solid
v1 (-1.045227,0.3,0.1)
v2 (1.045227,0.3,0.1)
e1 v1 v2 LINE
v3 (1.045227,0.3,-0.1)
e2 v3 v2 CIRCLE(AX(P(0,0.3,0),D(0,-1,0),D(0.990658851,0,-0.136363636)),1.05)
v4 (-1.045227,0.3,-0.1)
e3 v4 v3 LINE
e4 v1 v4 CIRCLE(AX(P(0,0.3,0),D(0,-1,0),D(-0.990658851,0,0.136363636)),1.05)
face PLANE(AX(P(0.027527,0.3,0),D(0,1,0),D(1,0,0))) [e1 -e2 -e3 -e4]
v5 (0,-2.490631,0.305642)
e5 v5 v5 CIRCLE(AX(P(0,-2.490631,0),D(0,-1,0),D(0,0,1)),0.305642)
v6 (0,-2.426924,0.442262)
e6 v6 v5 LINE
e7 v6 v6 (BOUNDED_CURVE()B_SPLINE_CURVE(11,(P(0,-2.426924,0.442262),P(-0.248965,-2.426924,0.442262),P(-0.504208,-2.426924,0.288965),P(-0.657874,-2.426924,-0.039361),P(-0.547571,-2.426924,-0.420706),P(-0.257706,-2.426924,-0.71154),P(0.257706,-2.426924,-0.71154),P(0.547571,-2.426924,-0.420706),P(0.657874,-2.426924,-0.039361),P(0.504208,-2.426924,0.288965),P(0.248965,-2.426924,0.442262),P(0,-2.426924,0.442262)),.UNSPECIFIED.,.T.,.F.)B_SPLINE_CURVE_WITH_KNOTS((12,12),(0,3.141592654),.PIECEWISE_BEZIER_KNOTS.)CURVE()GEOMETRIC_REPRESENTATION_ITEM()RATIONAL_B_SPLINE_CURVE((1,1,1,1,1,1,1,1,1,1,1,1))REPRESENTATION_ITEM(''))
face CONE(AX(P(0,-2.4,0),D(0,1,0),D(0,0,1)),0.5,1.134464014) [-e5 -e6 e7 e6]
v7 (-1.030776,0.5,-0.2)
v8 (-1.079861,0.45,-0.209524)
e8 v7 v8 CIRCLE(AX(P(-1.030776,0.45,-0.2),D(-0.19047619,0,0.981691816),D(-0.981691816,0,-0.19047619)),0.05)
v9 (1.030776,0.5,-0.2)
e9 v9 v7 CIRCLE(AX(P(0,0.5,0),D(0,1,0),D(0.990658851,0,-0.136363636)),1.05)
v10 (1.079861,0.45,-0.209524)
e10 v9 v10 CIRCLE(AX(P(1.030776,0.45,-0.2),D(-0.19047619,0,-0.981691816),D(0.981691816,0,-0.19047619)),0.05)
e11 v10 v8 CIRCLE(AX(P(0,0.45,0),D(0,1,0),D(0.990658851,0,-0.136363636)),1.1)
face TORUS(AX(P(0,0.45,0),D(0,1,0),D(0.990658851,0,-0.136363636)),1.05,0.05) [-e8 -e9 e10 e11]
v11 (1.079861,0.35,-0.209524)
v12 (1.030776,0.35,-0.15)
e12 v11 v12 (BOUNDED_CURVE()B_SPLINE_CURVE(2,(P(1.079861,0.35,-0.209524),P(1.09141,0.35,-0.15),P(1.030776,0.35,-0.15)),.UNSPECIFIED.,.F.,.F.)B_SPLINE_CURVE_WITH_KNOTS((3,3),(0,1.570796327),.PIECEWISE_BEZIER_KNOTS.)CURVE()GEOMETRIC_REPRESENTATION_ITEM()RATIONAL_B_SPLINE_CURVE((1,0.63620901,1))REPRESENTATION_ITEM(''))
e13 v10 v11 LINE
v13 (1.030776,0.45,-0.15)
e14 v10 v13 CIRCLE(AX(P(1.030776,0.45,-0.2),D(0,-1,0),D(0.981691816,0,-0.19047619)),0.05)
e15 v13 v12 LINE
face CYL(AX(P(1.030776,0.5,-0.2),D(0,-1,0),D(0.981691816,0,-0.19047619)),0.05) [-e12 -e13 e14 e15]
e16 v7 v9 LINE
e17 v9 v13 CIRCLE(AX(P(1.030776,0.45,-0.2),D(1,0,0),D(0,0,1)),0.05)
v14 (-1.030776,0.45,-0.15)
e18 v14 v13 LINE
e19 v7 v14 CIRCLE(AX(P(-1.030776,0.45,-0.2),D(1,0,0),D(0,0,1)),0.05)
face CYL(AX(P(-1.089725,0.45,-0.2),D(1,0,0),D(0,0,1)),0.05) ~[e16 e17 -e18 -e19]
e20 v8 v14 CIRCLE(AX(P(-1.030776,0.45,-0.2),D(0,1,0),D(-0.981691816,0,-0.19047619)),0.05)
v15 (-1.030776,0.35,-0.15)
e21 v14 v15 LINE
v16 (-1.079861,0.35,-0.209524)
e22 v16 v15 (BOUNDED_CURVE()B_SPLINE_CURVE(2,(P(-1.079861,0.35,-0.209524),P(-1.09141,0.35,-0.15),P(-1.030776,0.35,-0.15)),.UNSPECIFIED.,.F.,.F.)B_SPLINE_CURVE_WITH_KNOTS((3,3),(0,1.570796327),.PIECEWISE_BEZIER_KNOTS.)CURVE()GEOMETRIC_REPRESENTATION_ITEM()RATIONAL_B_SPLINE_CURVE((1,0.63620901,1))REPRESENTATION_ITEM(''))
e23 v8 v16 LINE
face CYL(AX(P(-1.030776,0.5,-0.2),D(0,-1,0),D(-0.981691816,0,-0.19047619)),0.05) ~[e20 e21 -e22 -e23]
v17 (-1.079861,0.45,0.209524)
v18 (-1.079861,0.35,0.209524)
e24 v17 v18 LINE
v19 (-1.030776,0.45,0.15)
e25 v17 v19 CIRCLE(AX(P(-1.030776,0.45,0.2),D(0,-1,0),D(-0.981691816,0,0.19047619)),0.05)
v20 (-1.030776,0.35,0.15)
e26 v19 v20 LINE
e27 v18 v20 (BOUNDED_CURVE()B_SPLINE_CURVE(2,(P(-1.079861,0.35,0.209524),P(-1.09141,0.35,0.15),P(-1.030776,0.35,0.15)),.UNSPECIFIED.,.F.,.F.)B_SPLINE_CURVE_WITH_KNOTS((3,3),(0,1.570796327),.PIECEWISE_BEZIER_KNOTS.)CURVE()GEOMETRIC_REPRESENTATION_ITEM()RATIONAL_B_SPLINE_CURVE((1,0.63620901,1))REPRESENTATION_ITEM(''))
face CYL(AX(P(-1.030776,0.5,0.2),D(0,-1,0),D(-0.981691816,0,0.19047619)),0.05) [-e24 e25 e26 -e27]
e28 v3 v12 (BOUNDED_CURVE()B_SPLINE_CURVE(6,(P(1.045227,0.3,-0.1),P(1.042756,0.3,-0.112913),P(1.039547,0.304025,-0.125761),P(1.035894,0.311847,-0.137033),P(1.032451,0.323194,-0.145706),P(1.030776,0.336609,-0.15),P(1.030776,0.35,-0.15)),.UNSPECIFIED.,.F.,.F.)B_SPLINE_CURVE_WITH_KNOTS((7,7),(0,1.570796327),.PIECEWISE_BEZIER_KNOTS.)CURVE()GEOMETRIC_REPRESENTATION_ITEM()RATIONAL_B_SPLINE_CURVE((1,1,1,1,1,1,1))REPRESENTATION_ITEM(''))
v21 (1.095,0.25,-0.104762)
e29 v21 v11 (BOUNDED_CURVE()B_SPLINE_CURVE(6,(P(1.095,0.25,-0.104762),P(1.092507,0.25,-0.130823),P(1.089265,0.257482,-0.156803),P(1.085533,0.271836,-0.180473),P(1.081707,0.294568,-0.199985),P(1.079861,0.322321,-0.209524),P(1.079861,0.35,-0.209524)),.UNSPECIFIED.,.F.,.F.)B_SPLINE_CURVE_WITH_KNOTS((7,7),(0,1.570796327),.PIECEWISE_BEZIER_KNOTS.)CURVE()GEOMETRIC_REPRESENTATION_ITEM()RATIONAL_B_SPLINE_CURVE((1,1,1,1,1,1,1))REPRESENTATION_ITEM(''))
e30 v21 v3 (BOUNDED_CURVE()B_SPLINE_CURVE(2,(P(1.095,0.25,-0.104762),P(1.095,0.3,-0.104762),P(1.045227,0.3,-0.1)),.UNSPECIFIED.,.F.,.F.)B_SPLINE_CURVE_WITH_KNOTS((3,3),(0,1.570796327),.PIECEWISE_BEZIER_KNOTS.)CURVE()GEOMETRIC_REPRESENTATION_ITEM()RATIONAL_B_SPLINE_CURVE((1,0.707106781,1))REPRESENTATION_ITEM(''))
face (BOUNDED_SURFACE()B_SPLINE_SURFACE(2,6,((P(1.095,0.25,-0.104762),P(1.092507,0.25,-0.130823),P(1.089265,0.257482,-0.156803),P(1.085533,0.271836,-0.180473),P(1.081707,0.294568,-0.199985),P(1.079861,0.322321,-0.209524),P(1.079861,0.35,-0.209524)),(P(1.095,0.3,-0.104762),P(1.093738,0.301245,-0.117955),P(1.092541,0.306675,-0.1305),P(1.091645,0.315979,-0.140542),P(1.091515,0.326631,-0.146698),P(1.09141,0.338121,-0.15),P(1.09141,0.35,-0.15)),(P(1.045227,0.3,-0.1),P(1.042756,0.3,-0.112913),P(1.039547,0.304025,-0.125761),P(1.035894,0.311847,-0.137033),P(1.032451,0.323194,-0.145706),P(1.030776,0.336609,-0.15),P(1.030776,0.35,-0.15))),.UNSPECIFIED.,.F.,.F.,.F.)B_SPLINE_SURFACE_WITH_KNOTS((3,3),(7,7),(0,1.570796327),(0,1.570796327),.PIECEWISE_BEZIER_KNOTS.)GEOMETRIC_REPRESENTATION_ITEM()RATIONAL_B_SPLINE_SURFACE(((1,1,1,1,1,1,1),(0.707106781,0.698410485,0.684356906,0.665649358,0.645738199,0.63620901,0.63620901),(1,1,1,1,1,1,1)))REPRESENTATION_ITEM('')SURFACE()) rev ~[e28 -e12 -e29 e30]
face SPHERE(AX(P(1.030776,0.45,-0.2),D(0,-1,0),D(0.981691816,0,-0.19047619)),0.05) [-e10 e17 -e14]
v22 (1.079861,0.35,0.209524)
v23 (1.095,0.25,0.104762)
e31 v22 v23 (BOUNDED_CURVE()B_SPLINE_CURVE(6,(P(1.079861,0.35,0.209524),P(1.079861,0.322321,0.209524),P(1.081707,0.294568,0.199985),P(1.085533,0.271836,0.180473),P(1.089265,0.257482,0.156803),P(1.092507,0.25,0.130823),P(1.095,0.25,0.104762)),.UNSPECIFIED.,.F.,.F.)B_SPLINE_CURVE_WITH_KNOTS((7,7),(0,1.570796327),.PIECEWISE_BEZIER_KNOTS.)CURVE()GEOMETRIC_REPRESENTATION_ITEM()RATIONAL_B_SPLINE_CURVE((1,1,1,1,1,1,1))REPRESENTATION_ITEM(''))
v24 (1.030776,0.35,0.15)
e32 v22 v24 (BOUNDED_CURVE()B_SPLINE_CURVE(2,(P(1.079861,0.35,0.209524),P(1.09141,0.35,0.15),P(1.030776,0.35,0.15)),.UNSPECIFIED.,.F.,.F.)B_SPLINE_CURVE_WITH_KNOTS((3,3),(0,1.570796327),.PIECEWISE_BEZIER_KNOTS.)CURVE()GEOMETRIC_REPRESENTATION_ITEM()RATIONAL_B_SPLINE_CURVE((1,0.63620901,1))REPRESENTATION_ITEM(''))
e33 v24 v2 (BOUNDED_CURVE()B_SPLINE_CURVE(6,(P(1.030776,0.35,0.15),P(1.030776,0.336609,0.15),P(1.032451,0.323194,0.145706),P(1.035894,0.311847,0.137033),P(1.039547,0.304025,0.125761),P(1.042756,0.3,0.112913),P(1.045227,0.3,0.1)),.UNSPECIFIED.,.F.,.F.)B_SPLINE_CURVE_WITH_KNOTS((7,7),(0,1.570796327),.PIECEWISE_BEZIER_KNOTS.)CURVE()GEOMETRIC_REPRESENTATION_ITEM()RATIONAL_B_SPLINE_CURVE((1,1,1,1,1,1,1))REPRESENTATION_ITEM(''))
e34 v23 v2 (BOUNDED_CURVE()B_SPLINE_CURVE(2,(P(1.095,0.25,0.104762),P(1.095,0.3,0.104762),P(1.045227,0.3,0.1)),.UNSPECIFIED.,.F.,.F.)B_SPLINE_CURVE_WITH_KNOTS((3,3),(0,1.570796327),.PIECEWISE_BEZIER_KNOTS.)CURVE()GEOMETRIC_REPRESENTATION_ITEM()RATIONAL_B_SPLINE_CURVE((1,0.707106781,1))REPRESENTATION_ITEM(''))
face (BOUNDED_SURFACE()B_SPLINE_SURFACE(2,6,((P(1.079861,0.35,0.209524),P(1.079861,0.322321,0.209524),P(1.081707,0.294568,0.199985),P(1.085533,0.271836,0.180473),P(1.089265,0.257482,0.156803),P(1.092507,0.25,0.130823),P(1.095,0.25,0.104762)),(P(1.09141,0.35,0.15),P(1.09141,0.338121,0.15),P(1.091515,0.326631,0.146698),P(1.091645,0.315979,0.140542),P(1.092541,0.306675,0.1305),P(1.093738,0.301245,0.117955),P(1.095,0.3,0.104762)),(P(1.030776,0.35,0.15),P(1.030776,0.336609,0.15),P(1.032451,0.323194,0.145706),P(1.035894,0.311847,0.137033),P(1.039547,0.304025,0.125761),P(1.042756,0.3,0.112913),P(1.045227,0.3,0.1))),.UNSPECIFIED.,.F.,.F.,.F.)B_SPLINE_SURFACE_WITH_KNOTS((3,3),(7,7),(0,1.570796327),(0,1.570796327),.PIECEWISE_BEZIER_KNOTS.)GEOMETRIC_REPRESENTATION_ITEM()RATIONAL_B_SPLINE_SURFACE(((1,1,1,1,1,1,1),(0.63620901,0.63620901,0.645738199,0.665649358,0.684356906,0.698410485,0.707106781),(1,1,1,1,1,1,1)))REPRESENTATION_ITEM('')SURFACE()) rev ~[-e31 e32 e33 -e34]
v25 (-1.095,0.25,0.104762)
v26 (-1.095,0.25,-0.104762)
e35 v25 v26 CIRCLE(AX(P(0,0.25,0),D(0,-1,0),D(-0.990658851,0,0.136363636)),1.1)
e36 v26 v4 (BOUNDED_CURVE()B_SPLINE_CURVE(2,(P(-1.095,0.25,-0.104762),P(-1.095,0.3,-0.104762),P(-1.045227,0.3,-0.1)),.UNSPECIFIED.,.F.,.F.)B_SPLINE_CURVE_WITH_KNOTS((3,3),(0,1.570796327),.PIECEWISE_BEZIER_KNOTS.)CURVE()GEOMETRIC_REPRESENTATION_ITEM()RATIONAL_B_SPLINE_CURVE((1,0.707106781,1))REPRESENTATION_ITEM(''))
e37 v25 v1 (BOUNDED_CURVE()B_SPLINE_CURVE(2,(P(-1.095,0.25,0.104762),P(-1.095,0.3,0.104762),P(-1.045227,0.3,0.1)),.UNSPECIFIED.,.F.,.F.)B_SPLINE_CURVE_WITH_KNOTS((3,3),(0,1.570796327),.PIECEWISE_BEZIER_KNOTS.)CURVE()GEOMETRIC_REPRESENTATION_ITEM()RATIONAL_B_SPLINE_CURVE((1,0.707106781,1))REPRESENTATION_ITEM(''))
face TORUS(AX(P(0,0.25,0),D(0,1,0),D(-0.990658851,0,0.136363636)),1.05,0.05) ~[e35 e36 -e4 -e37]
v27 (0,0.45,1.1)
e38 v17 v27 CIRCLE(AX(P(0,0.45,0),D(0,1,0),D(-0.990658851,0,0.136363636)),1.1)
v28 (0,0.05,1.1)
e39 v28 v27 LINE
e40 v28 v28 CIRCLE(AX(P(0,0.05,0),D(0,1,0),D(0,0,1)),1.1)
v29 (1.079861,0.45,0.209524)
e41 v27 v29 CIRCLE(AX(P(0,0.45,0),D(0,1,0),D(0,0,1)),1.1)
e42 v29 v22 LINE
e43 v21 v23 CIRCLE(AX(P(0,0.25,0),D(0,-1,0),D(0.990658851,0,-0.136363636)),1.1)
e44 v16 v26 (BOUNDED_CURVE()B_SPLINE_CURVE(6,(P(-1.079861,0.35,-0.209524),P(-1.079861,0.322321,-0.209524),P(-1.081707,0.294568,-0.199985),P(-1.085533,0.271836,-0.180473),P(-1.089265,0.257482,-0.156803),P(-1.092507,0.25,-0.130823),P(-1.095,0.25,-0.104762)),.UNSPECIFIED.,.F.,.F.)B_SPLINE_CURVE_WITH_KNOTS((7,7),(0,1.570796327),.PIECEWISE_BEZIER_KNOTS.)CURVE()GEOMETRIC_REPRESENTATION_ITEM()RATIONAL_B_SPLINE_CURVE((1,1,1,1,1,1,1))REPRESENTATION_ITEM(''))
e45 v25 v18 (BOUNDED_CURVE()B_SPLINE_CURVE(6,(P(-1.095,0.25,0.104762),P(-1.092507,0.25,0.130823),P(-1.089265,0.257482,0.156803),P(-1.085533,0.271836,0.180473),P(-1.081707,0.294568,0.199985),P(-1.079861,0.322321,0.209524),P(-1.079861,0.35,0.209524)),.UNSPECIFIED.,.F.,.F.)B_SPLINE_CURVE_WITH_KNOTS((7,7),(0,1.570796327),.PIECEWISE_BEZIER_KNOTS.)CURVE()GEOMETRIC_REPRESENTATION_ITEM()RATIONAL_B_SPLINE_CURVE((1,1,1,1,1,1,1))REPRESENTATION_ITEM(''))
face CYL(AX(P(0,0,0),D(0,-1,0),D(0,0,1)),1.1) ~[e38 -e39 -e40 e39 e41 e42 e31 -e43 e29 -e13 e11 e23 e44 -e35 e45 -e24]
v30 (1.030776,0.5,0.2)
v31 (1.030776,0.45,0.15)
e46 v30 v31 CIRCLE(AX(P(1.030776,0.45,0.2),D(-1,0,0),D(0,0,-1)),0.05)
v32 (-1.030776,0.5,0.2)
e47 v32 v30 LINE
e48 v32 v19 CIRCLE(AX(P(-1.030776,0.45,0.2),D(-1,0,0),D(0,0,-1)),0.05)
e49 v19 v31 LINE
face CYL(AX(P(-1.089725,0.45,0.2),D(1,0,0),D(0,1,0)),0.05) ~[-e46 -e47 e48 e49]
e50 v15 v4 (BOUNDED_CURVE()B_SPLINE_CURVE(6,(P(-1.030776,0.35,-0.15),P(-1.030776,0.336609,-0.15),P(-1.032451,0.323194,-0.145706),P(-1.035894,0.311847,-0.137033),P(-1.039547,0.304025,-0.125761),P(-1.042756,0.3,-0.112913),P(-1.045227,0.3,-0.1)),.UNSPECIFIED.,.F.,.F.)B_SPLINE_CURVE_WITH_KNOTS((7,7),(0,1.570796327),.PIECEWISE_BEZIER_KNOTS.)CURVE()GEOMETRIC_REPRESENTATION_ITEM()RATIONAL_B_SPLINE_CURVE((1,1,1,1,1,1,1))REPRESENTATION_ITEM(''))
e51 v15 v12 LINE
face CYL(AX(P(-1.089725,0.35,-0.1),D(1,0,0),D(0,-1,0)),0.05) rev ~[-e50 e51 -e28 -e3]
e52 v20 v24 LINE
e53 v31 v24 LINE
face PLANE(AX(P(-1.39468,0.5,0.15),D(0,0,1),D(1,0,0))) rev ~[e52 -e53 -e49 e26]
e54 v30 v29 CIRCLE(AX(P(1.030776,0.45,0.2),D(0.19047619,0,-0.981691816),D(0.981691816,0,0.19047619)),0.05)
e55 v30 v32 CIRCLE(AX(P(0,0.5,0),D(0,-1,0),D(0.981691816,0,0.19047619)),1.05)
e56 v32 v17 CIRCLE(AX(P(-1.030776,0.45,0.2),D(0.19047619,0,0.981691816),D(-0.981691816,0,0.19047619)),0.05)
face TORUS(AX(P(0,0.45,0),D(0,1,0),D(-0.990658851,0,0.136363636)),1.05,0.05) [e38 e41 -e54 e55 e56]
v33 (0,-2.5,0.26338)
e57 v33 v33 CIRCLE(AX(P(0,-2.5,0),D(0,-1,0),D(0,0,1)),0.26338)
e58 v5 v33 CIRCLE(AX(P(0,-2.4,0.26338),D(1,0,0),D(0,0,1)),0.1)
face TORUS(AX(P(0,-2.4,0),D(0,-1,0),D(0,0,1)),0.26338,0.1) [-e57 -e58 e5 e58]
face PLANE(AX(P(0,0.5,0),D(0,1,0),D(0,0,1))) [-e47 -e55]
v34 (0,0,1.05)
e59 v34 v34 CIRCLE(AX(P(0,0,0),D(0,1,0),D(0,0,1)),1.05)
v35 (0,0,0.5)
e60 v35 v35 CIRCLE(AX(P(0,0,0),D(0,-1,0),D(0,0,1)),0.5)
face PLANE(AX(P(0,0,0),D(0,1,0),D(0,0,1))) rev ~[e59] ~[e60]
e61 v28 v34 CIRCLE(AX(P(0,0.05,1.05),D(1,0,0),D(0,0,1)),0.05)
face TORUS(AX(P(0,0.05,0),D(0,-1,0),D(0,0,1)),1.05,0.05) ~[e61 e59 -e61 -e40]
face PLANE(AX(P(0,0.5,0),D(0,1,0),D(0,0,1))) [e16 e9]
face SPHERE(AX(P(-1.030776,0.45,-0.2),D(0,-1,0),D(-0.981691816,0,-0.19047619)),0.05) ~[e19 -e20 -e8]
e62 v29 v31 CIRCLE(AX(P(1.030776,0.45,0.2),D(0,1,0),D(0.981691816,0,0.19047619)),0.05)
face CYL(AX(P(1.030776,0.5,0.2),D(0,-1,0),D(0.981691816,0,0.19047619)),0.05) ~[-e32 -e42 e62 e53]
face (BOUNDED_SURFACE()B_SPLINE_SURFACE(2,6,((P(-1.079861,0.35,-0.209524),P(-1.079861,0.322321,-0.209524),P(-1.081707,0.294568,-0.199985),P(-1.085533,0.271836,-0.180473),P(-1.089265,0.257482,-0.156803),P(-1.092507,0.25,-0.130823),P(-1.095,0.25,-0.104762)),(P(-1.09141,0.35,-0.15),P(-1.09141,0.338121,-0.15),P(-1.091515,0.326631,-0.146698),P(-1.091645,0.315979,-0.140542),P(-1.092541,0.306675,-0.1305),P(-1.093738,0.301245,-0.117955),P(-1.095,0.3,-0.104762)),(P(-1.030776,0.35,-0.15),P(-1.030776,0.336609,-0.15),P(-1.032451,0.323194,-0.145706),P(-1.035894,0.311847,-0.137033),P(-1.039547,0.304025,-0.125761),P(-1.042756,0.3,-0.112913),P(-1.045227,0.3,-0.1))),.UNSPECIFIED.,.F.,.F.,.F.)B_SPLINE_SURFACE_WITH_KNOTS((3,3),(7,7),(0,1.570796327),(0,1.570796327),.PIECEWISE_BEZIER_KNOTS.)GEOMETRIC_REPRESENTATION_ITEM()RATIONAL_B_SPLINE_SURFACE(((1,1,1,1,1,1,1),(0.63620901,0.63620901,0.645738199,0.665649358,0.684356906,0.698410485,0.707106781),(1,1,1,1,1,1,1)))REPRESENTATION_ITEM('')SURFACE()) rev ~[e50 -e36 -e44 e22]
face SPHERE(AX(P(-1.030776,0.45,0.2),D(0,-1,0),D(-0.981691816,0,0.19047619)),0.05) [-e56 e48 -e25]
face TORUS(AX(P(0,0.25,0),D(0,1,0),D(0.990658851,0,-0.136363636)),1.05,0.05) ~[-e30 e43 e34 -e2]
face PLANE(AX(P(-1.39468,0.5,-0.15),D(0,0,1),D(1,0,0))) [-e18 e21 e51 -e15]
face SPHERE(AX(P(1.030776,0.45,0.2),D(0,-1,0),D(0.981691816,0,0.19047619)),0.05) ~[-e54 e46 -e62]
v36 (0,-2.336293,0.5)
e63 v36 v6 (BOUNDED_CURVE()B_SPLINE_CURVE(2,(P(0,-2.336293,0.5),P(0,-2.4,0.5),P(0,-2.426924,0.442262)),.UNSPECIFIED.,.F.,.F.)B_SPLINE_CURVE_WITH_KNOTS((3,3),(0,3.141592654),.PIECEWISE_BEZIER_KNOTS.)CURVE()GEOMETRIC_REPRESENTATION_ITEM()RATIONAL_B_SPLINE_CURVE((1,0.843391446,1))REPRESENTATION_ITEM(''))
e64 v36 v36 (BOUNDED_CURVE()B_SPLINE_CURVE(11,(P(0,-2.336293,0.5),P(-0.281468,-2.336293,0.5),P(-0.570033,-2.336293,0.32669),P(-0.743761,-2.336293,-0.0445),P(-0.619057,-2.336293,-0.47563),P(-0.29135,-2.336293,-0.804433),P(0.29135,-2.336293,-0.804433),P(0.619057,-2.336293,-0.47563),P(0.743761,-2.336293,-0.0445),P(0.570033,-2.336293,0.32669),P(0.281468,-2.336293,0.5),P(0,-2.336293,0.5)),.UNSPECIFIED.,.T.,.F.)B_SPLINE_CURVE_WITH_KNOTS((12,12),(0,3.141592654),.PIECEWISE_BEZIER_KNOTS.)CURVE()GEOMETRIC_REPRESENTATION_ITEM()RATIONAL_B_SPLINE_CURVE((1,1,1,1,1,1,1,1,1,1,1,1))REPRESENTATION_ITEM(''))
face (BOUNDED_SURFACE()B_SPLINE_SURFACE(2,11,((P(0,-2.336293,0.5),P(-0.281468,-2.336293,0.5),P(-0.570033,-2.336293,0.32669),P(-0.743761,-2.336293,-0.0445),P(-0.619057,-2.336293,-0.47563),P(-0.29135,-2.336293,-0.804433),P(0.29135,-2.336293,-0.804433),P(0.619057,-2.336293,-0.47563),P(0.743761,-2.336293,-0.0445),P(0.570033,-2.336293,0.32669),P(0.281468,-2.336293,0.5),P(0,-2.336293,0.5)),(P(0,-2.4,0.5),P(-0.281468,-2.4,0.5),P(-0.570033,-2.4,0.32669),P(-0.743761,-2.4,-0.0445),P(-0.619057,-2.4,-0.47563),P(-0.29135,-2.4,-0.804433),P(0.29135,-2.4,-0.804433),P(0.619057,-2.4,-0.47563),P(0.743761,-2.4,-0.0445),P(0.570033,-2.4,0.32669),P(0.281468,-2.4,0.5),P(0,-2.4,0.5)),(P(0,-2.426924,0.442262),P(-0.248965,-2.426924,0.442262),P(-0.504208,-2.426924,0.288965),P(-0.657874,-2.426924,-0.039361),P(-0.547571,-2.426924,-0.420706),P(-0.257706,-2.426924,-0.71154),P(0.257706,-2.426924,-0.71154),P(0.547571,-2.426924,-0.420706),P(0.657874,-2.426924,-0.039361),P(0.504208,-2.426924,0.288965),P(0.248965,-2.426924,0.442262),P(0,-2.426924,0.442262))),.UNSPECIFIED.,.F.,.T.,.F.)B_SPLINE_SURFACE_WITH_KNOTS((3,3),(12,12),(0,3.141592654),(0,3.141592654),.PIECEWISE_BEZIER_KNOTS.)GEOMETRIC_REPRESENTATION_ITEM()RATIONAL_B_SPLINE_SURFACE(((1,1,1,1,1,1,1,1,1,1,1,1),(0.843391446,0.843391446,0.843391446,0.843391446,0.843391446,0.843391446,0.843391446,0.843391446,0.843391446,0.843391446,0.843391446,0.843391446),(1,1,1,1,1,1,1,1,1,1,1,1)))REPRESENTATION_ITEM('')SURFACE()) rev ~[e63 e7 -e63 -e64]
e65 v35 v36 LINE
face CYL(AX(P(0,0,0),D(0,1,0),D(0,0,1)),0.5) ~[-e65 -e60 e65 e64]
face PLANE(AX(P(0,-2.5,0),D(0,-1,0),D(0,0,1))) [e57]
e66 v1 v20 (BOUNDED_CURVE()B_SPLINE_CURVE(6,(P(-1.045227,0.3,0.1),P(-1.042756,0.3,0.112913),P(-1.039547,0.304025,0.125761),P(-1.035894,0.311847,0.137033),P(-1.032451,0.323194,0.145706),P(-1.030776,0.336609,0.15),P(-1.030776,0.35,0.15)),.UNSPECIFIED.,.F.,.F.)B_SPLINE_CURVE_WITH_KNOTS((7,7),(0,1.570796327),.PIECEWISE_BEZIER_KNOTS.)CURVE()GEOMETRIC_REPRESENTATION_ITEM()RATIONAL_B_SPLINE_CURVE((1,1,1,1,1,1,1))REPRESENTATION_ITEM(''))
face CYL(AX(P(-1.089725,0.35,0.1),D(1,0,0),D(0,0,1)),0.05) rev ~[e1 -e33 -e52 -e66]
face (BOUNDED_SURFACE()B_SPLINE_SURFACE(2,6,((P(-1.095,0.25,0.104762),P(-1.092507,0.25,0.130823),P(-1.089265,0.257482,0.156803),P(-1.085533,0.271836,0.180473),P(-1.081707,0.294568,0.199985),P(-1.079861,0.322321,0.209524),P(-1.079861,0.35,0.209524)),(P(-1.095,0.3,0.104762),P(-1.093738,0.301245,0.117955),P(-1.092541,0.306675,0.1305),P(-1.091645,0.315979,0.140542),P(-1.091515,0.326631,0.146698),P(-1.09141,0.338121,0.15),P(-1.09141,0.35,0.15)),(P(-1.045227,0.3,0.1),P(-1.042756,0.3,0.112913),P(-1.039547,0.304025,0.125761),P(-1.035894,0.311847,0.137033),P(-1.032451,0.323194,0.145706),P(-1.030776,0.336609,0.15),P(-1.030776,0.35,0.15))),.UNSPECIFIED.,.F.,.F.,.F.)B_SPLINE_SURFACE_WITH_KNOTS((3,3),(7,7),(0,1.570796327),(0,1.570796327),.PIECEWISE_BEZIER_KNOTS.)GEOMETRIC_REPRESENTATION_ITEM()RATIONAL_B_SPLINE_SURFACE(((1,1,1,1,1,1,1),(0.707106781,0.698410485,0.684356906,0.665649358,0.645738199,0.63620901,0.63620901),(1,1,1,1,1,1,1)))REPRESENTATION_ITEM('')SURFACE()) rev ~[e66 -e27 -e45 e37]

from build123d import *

# Parameters (mm, degrees)
SKETCH1_R           = 1.1
BOSS_EXTRUDE1_DEPTH = 0.5
SKETCH2_W           = 2.844413099
SKETCH2_H           = 0.3
CUT_EXTRUDE1_DEPTH  = 0.2
FILLET1_R           = 0.05
SKETCH3_R           = 0.5
BOSS_EXTRUDE2_DEPTH = 2.5
CHAMFER1_SIZE       = 0.1
CHAMFER1_SIZE2      = 0.214450692
FILLET2_R           = 0.1


with BuildPart() as part:
    # Sketch1 → Boss-Extrude1 (new body)
    with BuildSketch(Plane(origin=(0, 0, 0), x_dir=(1, 0, 0), z_dir=(0, 1, 0))):
        with Locations(Location((0, 0, 0), (0, 0, 270))):
            Circle(SKETCH1_R)
    extrude(amount=BOSS_EXTRUDE1_DEPTH)

    # Sketch2 → Cut-Extrude1 (cut)
    with BuildSketch(Plane(origin=(0, 0.5, 0), x_dir=(1, 0, 0), z_dir=(0, 1, 0))):
        with Locations((0.027526578, 0)):
            Rectangle(SKETCH2_W, SKETCH2_H)
    extrude(amount=-CUT_EXTRUDE1_DEPTH, mode=Mode.SUBTRACT)

    # Fillet1
    fillet1_edges = [part.edges().sort_by_distance(p)[0] for p in [
        (1.089724736, 0.4, -0.15),
        (0, 0.3, -0.15),
        (-1.089724736, 0.4, -0.15),
        (-1.089724736, 0.4, 0.15),
        (0, 0.3, 0.15),
        (1.089724736, 0.4, 0.15),
        (0, 0, -1.1),
        (0, 0.5, -1.1),
        (0.722841615, 0.5, 0.829156198),
        (0, 0.5, 0.15),
        (0, 0.5, -0.15),
        (-1.1, 0.3, 0),
        (1.1, 0.3, 0),
    ]]
    fillet(fillet1_edges, radius=FILLET1_R)

    # Sketch3 → Boss-Extrude2 (add)
    with BuildSketch(Plane.XZ):
        with Locations(Location((0, 0, 0), (0, 0, 90))):
            Circle(SKETCH3_R)
    extrude(amount=BOSS_EXTRUDE2_DEPTH)

    # Chamfer1
    chamfer1_edges = [part.edges().sort_by_distance(p)[0] for p in [
        (0, -2.5, -0.5),
    ]]
    chamfer1_side = [part.faces().sort_by_distance(p)[0] for p in [
        (0, -1.25, -0.5),
    ]]
    chamfer(chamfer1_edges, length=CHAMFER1_SIZE, length2=CHAMFER1_SIZE2, reference=chamfer1_side[0])

    # Fillet2
    fillet2_edges = [part.edges().sort_by_distance(p)[0] for p in [
        (0, -2.5, -0.285549308),
        (0, -2.4, -0.5),
    ]]
    fillet(fillet2_edges, radius=FILLET2_R)


solid = part.part
